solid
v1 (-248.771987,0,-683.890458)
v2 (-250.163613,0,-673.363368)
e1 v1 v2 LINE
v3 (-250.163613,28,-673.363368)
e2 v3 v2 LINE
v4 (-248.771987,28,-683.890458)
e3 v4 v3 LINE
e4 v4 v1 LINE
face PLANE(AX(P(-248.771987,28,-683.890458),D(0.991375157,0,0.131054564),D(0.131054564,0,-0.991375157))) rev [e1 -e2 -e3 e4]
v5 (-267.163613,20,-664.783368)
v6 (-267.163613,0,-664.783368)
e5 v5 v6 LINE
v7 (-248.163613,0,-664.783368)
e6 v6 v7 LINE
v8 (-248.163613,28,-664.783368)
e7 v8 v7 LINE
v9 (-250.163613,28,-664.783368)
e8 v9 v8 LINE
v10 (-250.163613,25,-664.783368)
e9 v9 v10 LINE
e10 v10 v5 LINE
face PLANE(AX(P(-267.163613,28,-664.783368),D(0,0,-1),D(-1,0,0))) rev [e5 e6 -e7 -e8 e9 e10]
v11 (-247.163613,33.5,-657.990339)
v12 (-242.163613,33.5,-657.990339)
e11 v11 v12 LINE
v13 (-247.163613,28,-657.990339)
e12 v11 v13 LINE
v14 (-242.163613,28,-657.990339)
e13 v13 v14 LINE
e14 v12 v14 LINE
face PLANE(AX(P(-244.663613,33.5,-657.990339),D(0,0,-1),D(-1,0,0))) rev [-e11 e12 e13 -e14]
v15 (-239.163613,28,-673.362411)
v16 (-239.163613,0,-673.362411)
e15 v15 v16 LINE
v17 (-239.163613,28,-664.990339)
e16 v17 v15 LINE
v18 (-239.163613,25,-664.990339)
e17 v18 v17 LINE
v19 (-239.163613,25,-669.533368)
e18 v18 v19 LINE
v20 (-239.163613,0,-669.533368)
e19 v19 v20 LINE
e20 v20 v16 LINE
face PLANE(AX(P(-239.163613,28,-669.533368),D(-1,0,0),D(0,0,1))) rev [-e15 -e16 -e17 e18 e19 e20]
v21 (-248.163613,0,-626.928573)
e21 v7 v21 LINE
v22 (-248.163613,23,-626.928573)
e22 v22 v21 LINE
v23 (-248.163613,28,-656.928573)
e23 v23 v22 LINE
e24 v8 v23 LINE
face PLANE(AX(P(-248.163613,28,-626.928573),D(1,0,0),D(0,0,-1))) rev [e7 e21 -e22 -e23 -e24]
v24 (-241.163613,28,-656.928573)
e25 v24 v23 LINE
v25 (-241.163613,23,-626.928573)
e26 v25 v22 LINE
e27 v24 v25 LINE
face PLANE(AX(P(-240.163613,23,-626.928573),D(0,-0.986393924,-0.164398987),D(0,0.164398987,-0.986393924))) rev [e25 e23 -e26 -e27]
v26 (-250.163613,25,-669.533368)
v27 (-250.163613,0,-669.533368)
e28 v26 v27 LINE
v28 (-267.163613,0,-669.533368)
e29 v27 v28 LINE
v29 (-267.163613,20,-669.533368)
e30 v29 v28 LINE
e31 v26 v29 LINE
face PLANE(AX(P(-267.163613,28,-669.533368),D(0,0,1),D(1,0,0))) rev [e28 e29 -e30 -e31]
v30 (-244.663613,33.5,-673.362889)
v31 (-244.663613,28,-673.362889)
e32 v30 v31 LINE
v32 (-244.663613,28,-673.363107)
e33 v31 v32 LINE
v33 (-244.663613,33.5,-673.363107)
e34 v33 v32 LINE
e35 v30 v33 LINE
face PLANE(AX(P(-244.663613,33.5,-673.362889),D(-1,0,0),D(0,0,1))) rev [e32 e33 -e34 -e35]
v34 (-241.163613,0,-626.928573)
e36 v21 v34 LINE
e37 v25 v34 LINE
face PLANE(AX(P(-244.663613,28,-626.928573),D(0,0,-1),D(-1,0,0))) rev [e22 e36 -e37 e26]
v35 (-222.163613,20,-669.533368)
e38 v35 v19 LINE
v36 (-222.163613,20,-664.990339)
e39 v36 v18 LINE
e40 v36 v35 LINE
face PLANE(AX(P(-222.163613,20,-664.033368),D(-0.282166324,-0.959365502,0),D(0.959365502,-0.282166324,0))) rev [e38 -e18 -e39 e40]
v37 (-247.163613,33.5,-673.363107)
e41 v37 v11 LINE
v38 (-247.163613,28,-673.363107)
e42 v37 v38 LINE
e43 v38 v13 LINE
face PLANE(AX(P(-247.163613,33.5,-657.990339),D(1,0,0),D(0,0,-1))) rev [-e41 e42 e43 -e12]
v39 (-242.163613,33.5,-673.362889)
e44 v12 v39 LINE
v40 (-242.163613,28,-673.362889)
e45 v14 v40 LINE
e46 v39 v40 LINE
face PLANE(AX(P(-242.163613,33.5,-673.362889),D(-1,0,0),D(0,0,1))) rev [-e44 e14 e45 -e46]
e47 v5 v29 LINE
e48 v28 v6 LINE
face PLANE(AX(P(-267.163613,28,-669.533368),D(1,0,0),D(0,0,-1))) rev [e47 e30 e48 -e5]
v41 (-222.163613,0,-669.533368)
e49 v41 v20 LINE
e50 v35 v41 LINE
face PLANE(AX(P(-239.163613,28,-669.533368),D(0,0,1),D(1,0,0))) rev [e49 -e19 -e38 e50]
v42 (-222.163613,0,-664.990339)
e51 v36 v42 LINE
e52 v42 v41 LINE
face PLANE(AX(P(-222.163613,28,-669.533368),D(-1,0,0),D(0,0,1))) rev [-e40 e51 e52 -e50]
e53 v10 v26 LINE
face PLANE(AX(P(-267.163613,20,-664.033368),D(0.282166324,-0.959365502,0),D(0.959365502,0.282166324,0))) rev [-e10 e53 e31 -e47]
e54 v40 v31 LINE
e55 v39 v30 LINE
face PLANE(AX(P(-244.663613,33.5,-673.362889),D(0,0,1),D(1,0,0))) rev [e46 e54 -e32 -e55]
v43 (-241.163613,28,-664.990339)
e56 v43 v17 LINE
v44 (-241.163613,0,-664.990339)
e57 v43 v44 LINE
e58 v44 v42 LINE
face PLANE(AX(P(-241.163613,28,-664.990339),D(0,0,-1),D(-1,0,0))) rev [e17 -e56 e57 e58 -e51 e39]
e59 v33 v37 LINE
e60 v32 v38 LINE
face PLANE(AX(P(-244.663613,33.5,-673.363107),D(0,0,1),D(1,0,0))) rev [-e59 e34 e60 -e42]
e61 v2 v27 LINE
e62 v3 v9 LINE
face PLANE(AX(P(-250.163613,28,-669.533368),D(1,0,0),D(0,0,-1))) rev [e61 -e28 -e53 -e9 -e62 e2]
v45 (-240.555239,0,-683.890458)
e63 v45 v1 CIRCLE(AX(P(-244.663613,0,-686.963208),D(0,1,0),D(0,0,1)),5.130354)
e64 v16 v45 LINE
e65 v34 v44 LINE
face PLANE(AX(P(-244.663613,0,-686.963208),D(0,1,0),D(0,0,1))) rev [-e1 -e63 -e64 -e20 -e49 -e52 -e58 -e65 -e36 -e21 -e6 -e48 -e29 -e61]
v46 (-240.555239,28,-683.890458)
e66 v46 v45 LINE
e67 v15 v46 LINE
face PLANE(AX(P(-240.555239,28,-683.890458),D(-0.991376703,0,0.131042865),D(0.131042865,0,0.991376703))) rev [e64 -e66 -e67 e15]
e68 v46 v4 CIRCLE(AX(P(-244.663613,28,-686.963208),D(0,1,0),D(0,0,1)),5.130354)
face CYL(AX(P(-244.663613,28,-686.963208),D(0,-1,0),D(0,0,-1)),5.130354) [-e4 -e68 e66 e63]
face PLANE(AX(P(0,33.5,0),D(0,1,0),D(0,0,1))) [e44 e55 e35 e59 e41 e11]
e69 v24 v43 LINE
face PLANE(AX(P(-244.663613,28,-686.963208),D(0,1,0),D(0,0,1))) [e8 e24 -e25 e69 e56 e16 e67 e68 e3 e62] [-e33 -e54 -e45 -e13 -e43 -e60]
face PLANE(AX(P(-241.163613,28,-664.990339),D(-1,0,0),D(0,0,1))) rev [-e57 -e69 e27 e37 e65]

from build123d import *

# Parameters (mm, degrees)
BOSS_EXTRUDE1_DEPTH = 28
BOSS_EXTRUDE2_DEPTH = 5.5
CUT_EXTRUDE1_DEPTH  = 5.5
CUT_EXTRUDE2_DEPTH  = 8


with BuildPart() as part:
    # Sketch2 → Boss-Extrude1 (new body)
    with BuildSketch(Plane(origin=(0, 0, 0), x_dir=(1, 0, 0), z_dir=(0, 1, 0))):
        with BuildLine():
            Line((-248.771987083, 683.890458256), (-250.163612926, 673.36336753))
            Line((-250.163612926, 673.36336753), (-250.163612926, 669.53336753))
            Line((-250.163612926, 669.53336753), (-267.163612926, 669.53336753))
            Line((-267.163612926, 669.53336753), (-267.163612926, 664.78336753))
            Line((-267.163612926, 664.78336753), (-248.163612926, 664.78336753))
            Line((-248.163612926, 664.78336753), (-248.163612926, 626.928572815))
            Line((-248.163612926, 626.928572815), (-244.663612926, 626.928572815))
            Line((-244.663612926, 626.928572815), (-241.163612926, 626.928572815))
            Line((-241.163612926, 626.928572815), (-241.163612926, 664.990338865))
            Line((-241.163612926, 664.990338865), (-222.163612926, 664.990338865))
            Line((-222.163612926, 664.990338865), (-222.163612926, 669.53336753))
            Line((-222.163612926, 669.53336753), (-239.163612926, 669.53336753))
            Line((-239.163612926, 669.53336753), (-239.163612926, 673.362411263))
            Line((-239.163612926, 673.362411263), (-240.55523877, 683.890458256))
            ThreePointArc((-240.55523877, 683.890458256), (-244.663612926, 692.093561911), (-248.771987083, 683.890458256))
        make_face()
    extrude(amount=BOSS_EXTRUDE1_DEPTH)

    # Sketch6 → Boss-Extrude2 (add)
    with BuildSketch(Plane(origin=(0, 28, 0), x_dir=(1, 0, 0), z_dir=(0, 1, 0))):
        Polygon((-244.663612926, 673.362889397), (-242.163612926, 673.362889397), (-242.163612926, 657.990338865), (-244.663612926, 657.990338865), (-247.163612926, 657.990338865), (-247.163612926, 673.36310673), align=None)
    extrude(amount=BOSS_EXTRUDE2_DEPTH)

    # Sketch8 → Cut-Extrude1 (cut)
    with BuildSketch(Plane(origin=(0, 0, -669.53336753), x_dir=(-1, 0, 0), z_dir=(0, 0, -1))):
        Polygon((267.163612926, 20), (250.163612926, 25), (250.163612926, 28), (267.163612926, 28), align=None)
        Polygon((222.163612926, 20), (222.163612926, 28), (239.163612926, 28), (239.163612926, 25), align=None)
    extrude(amount=-CUT_EXTRUDE1_DEPTH, mode=Mode.SUBTRACT)

    # Sketch9 → Cut-Extrude2 (cut)
    with BuildSketch(Plane.ZY.offset(248.163612926)):
        Polygon((-626.928572815, 28), (-626.928572815, 23), (-656.928572815, 28), align=None)
    extrude(amount=-CUT_EXTRUDE2_DEPTH, mode=Mode.SUBTRACT)


solid = part.part
